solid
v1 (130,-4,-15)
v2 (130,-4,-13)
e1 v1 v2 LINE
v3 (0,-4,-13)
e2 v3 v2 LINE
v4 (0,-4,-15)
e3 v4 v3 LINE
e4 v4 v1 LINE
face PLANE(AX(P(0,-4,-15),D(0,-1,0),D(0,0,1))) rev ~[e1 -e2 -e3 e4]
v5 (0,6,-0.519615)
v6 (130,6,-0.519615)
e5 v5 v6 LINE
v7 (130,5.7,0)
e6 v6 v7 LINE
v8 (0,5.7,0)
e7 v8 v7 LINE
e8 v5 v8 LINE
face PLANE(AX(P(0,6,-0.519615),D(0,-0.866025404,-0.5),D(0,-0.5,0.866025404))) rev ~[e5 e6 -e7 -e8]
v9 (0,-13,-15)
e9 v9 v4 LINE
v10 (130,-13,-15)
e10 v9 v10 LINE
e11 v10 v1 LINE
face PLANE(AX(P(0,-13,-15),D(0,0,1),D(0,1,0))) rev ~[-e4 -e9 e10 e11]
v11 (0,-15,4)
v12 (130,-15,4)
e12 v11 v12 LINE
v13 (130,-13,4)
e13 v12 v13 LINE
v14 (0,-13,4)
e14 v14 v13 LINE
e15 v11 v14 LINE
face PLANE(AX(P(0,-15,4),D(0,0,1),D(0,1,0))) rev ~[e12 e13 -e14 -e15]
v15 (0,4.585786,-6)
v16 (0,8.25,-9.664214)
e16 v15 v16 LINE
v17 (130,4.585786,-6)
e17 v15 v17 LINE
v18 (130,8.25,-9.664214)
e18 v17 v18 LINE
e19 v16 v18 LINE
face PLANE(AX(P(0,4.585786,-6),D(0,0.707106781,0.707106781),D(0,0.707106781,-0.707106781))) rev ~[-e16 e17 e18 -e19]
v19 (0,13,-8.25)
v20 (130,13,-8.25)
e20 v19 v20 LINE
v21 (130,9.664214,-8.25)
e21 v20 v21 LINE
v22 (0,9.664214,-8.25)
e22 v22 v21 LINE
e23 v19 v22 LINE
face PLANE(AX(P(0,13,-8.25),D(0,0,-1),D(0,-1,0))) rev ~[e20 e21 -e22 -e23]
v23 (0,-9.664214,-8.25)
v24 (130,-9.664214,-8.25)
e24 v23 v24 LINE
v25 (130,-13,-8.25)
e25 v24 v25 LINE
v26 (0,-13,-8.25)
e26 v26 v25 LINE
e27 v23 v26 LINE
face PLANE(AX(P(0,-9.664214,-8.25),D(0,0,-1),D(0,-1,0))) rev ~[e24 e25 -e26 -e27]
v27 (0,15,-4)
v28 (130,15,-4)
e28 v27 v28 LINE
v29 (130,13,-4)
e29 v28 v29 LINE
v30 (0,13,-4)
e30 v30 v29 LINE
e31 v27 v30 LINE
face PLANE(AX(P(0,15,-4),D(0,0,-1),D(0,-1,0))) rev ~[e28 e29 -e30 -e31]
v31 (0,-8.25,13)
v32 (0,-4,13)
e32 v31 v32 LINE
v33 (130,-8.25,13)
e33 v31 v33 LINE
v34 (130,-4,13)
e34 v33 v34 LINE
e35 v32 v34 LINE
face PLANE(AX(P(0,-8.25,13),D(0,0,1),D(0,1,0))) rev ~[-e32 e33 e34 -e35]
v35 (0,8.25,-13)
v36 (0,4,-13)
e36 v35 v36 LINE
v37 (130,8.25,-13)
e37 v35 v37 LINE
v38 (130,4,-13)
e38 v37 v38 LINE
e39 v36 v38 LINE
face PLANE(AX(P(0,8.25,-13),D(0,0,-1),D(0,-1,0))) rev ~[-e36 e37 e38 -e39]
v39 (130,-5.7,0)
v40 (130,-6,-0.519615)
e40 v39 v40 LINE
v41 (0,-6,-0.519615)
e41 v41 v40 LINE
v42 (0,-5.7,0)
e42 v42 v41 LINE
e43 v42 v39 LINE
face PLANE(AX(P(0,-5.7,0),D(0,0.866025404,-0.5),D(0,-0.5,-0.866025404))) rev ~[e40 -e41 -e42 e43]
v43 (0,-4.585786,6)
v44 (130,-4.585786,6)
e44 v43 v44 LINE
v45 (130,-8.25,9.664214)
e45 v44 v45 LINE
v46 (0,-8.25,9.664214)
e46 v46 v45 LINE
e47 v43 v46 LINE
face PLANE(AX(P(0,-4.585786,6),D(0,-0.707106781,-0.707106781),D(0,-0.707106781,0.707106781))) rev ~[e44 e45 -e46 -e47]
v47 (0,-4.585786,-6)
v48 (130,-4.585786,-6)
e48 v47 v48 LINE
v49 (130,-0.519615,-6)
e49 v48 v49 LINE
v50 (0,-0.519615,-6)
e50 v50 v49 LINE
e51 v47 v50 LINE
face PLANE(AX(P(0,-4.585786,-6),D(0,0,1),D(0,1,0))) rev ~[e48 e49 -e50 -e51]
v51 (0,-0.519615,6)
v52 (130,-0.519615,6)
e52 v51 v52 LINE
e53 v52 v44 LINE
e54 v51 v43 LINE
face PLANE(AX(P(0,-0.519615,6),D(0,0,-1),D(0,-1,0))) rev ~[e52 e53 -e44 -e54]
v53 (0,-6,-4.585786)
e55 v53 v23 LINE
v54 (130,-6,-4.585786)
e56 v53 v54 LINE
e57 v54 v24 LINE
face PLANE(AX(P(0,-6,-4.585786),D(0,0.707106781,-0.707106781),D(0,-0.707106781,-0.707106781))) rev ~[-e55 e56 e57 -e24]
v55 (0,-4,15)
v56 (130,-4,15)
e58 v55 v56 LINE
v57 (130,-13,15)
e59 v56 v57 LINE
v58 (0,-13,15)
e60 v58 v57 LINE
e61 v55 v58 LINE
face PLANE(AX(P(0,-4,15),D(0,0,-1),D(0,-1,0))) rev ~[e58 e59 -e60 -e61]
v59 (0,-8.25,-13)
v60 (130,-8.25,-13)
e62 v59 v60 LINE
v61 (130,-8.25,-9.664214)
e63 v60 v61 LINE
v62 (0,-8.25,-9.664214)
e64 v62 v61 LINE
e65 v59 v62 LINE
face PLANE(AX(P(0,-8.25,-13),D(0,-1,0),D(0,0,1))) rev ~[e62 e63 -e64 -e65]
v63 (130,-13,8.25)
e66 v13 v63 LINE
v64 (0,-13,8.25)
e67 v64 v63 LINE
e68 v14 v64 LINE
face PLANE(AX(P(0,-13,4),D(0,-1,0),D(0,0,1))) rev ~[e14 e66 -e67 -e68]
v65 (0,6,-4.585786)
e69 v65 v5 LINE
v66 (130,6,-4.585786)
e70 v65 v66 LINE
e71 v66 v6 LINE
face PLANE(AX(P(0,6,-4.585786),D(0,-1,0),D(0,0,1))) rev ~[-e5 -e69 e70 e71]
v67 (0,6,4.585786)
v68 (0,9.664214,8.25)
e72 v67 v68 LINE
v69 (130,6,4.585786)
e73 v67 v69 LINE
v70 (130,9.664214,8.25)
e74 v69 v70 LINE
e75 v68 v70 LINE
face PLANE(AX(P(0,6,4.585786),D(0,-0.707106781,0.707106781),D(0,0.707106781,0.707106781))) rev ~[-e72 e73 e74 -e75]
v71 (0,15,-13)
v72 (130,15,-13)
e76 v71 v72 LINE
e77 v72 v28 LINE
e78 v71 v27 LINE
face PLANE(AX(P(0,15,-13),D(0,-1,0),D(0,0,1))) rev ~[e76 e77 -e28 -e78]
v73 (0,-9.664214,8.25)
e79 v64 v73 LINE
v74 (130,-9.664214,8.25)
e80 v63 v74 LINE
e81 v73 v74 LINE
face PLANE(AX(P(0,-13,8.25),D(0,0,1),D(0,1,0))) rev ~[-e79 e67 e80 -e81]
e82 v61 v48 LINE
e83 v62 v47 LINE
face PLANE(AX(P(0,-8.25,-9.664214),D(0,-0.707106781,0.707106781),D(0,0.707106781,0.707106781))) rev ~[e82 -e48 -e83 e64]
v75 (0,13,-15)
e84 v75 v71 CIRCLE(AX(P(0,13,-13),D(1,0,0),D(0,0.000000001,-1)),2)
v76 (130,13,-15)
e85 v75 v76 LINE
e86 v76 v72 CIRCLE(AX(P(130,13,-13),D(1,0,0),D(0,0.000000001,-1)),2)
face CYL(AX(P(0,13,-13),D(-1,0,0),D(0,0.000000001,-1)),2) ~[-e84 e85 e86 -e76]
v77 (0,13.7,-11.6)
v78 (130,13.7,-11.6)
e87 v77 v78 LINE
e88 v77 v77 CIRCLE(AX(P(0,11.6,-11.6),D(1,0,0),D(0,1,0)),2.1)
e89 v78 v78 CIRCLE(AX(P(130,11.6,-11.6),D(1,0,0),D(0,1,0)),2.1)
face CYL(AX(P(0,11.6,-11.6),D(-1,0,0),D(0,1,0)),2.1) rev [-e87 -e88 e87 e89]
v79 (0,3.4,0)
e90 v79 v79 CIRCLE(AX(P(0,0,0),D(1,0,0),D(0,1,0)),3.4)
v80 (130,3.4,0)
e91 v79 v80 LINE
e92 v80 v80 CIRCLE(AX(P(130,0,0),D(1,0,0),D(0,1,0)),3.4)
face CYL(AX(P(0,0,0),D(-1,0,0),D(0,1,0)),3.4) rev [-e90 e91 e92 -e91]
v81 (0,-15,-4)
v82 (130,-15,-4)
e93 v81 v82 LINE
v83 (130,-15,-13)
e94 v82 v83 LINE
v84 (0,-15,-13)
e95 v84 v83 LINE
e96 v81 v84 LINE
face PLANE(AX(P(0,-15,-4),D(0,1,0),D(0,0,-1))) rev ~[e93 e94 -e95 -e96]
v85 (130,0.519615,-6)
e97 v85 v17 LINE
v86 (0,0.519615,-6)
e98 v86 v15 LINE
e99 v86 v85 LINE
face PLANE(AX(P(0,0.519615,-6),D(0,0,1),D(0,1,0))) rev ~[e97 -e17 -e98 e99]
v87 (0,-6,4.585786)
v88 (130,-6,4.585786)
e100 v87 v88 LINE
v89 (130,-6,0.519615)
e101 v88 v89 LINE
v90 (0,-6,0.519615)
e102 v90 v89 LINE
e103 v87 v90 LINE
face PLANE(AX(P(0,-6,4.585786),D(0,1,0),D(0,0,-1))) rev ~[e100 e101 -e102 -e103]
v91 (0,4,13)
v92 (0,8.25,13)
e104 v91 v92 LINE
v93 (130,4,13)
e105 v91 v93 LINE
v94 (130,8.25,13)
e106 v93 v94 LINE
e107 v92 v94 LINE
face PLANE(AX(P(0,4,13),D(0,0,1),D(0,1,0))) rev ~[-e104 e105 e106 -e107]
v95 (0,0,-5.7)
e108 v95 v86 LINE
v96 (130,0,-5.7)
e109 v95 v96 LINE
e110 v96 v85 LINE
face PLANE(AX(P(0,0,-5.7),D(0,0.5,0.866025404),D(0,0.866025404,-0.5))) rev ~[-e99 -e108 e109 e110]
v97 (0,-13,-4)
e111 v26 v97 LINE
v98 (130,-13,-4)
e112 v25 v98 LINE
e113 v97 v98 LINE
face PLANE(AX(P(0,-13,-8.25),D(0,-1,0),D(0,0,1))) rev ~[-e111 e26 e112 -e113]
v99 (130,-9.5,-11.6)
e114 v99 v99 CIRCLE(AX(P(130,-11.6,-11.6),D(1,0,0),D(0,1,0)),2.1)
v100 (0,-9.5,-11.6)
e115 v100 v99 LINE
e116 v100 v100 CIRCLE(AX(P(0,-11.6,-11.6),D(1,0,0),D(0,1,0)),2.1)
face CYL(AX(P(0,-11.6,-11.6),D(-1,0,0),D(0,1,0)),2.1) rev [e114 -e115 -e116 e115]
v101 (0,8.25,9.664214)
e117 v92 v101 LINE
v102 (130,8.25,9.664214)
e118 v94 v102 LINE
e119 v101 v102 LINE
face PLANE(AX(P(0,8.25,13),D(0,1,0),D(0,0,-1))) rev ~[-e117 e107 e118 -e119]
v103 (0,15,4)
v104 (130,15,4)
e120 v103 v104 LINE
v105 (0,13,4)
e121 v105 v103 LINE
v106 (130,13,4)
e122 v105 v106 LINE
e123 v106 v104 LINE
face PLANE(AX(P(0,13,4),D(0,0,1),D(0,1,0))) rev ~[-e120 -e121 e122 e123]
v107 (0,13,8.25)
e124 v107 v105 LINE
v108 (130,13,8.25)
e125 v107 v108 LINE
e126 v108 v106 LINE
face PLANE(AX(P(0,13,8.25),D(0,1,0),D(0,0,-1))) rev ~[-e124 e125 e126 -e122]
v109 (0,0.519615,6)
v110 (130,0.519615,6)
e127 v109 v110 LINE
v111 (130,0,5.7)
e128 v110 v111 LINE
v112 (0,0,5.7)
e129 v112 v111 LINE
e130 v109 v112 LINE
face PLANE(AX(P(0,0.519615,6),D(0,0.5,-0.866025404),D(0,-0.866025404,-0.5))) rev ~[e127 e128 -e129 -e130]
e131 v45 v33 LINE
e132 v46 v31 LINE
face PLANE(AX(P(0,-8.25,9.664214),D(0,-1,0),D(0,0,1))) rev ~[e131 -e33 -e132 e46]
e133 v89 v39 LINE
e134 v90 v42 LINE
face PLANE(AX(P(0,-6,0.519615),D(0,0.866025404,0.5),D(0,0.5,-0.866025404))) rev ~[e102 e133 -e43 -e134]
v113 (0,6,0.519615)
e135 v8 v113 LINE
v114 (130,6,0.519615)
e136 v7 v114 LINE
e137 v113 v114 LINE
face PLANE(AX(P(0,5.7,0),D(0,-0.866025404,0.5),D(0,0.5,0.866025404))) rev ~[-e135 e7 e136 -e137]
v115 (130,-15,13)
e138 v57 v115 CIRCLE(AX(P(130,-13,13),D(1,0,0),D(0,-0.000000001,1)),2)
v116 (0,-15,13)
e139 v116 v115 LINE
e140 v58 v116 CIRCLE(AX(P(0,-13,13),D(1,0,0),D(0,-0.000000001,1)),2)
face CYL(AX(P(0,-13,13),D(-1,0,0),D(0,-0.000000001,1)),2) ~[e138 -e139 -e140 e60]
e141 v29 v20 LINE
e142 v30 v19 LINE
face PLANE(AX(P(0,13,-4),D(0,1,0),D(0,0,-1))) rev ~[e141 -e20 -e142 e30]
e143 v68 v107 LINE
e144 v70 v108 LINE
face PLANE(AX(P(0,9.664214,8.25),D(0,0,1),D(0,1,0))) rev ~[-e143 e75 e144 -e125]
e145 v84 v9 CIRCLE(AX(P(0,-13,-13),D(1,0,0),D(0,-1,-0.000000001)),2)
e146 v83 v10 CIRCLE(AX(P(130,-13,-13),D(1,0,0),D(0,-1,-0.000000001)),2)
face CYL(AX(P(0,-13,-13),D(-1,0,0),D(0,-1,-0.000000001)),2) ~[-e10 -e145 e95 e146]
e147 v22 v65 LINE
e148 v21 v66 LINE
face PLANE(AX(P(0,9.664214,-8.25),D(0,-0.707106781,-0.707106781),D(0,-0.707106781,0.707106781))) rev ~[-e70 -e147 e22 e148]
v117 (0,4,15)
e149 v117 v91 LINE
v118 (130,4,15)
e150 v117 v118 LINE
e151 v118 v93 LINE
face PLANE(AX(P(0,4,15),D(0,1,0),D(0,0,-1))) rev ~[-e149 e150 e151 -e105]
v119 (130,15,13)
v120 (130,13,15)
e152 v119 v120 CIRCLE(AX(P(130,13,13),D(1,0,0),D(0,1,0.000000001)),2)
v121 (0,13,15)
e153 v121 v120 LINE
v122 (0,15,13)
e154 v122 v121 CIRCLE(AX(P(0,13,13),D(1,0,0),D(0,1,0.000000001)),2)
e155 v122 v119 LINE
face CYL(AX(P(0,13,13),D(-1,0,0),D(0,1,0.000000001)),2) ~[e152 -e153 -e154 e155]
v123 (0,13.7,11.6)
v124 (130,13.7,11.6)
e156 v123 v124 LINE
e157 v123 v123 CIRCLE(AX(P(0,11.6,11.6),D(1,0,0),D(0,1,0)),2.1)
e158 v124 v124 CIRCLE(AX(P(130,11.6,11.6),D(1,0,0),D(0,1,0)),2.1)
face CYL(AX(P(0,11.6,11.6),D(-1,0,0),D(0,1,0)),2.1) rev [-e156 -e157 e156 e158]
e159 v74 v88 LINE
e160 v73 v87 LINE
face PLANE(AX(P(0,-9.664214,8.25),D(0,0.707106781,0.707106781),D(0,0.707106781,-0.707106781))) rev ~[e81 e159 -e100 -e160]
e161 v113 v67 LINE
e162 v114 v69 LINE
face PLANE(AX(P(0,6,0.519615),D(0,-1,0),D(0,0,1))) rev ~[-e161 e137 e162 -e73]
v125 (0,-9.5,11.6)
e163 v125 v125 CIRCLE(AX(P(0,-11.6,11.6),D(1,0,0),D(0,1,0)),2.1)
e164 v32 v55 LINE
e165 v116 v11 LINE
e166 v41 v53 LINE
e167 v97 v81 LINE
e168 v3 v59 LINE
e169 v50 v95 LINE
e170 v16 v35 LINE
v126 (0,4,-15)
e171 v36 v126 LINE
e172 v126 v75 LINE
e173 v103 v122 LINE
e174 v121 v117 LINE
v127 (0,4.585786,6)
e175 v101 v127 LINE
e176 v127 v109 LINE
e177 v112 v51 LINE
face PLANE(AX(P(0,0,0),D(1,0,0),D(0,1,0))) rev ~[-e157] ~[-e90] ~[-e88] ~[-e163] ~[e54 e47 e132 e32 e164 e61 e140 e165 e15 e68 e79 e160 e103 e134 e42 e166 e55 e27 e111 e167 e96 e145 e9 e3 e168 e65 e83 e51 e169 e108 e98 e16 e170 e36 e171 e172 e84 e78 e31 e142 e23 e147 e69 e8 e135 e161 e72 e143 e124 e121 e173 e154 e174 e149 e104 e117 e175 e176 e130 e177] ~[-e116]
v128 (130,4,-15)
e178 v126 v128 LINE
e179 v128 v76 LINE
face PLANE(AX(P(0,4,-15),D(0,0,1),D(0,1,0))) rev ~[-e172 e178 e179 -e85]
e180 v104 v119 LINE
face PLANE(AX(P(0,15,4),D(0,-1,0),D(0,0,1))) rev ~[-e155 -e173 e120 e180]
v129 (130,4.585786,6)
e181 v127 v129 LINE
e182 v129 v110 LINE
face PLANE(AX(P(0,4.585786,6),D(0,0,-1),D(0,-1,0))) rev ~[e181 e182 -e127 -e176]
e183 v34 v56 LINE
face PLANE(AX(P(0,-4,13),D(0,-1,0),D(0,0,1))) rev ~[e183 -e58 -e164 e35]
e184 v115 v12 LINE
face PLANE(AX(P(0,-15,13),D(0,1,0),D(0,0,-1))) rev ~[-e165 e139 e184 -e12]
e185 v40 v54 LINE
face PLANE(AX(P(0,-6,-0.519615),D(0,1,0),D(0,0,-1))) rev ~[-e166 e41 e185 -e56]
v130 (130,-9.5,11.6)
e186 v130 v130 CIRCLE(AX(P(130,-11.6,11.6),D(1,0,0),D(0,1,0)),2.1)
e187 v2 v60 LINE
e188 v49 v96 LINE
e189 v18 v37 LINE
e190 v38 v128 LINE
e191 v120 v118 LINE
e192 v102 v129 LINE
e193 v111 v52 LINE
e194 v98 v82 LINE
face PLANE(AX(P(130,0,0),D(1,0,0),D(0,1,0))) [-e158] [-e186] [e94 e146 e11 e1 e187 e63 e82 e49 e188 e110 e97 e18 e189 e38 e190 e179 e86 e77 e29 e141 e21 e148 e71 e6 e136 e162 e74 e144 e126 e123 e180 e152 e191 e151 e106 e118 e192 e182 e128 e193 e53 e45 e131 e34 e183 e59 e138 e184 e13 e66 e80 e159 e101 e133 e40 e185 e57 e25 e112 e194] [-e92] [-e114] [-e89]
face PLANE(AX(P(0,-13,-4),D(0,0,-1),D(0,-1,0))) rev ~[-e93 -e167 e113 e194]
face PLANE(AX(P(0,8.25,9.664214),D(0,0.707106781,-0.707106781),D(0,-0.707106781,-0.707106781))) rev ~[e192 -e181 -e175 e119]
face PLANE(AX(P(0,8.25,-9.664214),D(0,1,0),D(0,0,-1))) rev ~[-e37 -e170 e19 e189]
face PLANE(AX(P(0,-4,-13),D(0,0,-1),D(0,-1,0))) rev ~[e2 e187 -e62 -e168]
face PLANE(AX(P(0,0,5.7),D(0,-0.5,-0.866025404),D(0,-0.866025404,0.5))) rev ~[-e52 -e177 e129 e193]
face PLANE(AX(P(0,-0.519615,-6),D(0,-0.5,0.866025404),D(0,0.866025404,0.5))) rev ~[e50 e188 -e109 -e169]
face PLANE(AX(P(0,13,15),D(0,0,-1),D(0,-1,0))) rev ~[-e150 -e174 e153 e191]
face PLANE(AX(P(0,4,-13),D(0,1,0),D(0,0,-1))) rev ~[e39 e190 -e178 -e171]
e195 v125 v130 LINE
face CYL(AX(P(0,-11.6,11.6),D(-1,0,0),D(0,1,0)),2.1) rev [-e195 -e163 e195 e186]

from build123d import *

# Parameters (mm, degrees)
SKETCH12_R              = 3.4
SKETCH12_R_2            = 2.1
NH_H_NH_30X30X2_1_DEPTH = 130


with BuildPart() as part:
    # Sketch12 → Ðnh hình 30X30X2(1) (new body)
    with BuildSketch(Plane.YZ):
        with BuildLine():
            Line((13, -4), (13, -8.25))
            Line((13, -8.25), (9.664213562, -8.25))
            Line((9.664213562, -8.25), (6, -4.585786438))
            Line((6, -4.585786438), (6, -0.519615242))
            Line((6, -0.519615242), (5.7, 0))
            Line((5.7, 0), (6, 0.519615242))
            Line((6, 0.519615242), (6, 4.585786438))
            Line((6, 4.585786438), (9.664213562, 8.25))
            Line((9.664213562, 8.25), (13, 8.25))
            Line((13, 8.25), (13, 4))
            Line((13, 4), (15, 4))
            Line((15, 4), (15, 13))
            ThreePointArc((15, 13), (14.414213562, 14.414213562), (13, 15))
            Line((13, 15), (4, 15))
            Line((4, 15), (4, 13))
            Line((4, 13), (8.25, 13))
            Line((8.25, 13), (8.25, 9.664213562))
            Line((8.25, 9.664213562), (4.585786438, 6))
            Line((4.585786438, 6), (0.519615242, 6))
            Line((0.519615242, 6), (0, 5.7))
            Line((0, 5.7), (-0.519615242, 6))
            Line((-0.519615242, 6), (-4.585786438, 6))
            Line((-4.585786438, 6), (-8.25, 9.664213562))
            Line((-8.25, 9.664213562), (-8.25, 13))
            Line((-8.25, 13), (-4, 13))
            Line((-4, 13), (-4, 15))
            Line((-4, 15), (-13, 15))
            ThreePointArc((-13, 15), (-14.414213562, 14.414213562), (-15, 13))
            Line((-15, 13), (-15, 4))
            Line((-15, 4), (-13, 4))
            Line((-13, 4), (-13, 8.25))
            Line((-13, 8.25), (-9.664213562, 8.25))
            Line((-9.664213562, 8.25), (-6, 4.585786438))
            Line((-6, 4.585786438), (-6, 0.519615242))
            Line((-6, 0.519615242), (-5.7, 0))
            Line((-5.7, 0), (-6, -0.519615242))
            Line((-6, -0.519615242), (-6, -4.585786438))
            Line((-6, -4.585786438), (-9.664213562, -8.25))
            Line((-9.664213562, -8.25), (-13, -8.25))
            Line((-13, -8.25), (-13, -4))
            Line((-13, -4), (-15, -4))
            Line((-15, -4), (-15, -13))
            ThreePointArc((-15, -13), (-14.414213562, -14.414213562), (-13, -15))
            Line((-13, -15), (-4, -15))
            Line((-4, -15), (-4, -13))
            Line((-4, -13), (-8.25, -13))
            Line((-8.25, -13), (-8.25, -9.664213562))
            Line((-8.25, -9.664213562), (-4.585786438, -6))
            Line((-4.585786438, -6), (-0.519615242, -6))
            Line((-0.519615242, -6), (0, -5.7))
            Line((0, -5.7), (0.519615242, -6))
            Line((0.519615242, -6), (4.585786438, -6))
            Line((4.585786438, -6), (8.25, -9.664213562))
            Line((8.25, -9.664213562), (8.25, -13))
            Line((8.25, -13), (4, -13))
            Line((4, -13), (4, -15))
            Line((4, -15), (13, -15))
            ThreePointArc((13, -15), (14.414213562, -14.414213562), (15, -13))
            Line((15, -13), (15, -4))
            Line((15, -4), (13, -4))
        make_face()
        Circle(SKETCH12_R, mode=Mode.SUBTRACT)
        with Locations((11.6, -11.6)):
            Circle(SKETCH12_R_2, mode=Mode.SUBTRACT)
        with Locations((11.6, 11.6)):
            Circle(SKETCH12_R_2, mode=Mode.SUBTRACT)
        with Locations((-11.6, 11.6)):
            Circle(SKETCH12_R_2, mode=Mode.SUBTRACT)
        with Locations((-11.6, -11.6)):
            Circle(SKETCH12_R_2, mode=Mode.SUBTRACT)
    extrude(amount=NH_H_NH_30X30X2_1_DEPTH)


solid = part.part
